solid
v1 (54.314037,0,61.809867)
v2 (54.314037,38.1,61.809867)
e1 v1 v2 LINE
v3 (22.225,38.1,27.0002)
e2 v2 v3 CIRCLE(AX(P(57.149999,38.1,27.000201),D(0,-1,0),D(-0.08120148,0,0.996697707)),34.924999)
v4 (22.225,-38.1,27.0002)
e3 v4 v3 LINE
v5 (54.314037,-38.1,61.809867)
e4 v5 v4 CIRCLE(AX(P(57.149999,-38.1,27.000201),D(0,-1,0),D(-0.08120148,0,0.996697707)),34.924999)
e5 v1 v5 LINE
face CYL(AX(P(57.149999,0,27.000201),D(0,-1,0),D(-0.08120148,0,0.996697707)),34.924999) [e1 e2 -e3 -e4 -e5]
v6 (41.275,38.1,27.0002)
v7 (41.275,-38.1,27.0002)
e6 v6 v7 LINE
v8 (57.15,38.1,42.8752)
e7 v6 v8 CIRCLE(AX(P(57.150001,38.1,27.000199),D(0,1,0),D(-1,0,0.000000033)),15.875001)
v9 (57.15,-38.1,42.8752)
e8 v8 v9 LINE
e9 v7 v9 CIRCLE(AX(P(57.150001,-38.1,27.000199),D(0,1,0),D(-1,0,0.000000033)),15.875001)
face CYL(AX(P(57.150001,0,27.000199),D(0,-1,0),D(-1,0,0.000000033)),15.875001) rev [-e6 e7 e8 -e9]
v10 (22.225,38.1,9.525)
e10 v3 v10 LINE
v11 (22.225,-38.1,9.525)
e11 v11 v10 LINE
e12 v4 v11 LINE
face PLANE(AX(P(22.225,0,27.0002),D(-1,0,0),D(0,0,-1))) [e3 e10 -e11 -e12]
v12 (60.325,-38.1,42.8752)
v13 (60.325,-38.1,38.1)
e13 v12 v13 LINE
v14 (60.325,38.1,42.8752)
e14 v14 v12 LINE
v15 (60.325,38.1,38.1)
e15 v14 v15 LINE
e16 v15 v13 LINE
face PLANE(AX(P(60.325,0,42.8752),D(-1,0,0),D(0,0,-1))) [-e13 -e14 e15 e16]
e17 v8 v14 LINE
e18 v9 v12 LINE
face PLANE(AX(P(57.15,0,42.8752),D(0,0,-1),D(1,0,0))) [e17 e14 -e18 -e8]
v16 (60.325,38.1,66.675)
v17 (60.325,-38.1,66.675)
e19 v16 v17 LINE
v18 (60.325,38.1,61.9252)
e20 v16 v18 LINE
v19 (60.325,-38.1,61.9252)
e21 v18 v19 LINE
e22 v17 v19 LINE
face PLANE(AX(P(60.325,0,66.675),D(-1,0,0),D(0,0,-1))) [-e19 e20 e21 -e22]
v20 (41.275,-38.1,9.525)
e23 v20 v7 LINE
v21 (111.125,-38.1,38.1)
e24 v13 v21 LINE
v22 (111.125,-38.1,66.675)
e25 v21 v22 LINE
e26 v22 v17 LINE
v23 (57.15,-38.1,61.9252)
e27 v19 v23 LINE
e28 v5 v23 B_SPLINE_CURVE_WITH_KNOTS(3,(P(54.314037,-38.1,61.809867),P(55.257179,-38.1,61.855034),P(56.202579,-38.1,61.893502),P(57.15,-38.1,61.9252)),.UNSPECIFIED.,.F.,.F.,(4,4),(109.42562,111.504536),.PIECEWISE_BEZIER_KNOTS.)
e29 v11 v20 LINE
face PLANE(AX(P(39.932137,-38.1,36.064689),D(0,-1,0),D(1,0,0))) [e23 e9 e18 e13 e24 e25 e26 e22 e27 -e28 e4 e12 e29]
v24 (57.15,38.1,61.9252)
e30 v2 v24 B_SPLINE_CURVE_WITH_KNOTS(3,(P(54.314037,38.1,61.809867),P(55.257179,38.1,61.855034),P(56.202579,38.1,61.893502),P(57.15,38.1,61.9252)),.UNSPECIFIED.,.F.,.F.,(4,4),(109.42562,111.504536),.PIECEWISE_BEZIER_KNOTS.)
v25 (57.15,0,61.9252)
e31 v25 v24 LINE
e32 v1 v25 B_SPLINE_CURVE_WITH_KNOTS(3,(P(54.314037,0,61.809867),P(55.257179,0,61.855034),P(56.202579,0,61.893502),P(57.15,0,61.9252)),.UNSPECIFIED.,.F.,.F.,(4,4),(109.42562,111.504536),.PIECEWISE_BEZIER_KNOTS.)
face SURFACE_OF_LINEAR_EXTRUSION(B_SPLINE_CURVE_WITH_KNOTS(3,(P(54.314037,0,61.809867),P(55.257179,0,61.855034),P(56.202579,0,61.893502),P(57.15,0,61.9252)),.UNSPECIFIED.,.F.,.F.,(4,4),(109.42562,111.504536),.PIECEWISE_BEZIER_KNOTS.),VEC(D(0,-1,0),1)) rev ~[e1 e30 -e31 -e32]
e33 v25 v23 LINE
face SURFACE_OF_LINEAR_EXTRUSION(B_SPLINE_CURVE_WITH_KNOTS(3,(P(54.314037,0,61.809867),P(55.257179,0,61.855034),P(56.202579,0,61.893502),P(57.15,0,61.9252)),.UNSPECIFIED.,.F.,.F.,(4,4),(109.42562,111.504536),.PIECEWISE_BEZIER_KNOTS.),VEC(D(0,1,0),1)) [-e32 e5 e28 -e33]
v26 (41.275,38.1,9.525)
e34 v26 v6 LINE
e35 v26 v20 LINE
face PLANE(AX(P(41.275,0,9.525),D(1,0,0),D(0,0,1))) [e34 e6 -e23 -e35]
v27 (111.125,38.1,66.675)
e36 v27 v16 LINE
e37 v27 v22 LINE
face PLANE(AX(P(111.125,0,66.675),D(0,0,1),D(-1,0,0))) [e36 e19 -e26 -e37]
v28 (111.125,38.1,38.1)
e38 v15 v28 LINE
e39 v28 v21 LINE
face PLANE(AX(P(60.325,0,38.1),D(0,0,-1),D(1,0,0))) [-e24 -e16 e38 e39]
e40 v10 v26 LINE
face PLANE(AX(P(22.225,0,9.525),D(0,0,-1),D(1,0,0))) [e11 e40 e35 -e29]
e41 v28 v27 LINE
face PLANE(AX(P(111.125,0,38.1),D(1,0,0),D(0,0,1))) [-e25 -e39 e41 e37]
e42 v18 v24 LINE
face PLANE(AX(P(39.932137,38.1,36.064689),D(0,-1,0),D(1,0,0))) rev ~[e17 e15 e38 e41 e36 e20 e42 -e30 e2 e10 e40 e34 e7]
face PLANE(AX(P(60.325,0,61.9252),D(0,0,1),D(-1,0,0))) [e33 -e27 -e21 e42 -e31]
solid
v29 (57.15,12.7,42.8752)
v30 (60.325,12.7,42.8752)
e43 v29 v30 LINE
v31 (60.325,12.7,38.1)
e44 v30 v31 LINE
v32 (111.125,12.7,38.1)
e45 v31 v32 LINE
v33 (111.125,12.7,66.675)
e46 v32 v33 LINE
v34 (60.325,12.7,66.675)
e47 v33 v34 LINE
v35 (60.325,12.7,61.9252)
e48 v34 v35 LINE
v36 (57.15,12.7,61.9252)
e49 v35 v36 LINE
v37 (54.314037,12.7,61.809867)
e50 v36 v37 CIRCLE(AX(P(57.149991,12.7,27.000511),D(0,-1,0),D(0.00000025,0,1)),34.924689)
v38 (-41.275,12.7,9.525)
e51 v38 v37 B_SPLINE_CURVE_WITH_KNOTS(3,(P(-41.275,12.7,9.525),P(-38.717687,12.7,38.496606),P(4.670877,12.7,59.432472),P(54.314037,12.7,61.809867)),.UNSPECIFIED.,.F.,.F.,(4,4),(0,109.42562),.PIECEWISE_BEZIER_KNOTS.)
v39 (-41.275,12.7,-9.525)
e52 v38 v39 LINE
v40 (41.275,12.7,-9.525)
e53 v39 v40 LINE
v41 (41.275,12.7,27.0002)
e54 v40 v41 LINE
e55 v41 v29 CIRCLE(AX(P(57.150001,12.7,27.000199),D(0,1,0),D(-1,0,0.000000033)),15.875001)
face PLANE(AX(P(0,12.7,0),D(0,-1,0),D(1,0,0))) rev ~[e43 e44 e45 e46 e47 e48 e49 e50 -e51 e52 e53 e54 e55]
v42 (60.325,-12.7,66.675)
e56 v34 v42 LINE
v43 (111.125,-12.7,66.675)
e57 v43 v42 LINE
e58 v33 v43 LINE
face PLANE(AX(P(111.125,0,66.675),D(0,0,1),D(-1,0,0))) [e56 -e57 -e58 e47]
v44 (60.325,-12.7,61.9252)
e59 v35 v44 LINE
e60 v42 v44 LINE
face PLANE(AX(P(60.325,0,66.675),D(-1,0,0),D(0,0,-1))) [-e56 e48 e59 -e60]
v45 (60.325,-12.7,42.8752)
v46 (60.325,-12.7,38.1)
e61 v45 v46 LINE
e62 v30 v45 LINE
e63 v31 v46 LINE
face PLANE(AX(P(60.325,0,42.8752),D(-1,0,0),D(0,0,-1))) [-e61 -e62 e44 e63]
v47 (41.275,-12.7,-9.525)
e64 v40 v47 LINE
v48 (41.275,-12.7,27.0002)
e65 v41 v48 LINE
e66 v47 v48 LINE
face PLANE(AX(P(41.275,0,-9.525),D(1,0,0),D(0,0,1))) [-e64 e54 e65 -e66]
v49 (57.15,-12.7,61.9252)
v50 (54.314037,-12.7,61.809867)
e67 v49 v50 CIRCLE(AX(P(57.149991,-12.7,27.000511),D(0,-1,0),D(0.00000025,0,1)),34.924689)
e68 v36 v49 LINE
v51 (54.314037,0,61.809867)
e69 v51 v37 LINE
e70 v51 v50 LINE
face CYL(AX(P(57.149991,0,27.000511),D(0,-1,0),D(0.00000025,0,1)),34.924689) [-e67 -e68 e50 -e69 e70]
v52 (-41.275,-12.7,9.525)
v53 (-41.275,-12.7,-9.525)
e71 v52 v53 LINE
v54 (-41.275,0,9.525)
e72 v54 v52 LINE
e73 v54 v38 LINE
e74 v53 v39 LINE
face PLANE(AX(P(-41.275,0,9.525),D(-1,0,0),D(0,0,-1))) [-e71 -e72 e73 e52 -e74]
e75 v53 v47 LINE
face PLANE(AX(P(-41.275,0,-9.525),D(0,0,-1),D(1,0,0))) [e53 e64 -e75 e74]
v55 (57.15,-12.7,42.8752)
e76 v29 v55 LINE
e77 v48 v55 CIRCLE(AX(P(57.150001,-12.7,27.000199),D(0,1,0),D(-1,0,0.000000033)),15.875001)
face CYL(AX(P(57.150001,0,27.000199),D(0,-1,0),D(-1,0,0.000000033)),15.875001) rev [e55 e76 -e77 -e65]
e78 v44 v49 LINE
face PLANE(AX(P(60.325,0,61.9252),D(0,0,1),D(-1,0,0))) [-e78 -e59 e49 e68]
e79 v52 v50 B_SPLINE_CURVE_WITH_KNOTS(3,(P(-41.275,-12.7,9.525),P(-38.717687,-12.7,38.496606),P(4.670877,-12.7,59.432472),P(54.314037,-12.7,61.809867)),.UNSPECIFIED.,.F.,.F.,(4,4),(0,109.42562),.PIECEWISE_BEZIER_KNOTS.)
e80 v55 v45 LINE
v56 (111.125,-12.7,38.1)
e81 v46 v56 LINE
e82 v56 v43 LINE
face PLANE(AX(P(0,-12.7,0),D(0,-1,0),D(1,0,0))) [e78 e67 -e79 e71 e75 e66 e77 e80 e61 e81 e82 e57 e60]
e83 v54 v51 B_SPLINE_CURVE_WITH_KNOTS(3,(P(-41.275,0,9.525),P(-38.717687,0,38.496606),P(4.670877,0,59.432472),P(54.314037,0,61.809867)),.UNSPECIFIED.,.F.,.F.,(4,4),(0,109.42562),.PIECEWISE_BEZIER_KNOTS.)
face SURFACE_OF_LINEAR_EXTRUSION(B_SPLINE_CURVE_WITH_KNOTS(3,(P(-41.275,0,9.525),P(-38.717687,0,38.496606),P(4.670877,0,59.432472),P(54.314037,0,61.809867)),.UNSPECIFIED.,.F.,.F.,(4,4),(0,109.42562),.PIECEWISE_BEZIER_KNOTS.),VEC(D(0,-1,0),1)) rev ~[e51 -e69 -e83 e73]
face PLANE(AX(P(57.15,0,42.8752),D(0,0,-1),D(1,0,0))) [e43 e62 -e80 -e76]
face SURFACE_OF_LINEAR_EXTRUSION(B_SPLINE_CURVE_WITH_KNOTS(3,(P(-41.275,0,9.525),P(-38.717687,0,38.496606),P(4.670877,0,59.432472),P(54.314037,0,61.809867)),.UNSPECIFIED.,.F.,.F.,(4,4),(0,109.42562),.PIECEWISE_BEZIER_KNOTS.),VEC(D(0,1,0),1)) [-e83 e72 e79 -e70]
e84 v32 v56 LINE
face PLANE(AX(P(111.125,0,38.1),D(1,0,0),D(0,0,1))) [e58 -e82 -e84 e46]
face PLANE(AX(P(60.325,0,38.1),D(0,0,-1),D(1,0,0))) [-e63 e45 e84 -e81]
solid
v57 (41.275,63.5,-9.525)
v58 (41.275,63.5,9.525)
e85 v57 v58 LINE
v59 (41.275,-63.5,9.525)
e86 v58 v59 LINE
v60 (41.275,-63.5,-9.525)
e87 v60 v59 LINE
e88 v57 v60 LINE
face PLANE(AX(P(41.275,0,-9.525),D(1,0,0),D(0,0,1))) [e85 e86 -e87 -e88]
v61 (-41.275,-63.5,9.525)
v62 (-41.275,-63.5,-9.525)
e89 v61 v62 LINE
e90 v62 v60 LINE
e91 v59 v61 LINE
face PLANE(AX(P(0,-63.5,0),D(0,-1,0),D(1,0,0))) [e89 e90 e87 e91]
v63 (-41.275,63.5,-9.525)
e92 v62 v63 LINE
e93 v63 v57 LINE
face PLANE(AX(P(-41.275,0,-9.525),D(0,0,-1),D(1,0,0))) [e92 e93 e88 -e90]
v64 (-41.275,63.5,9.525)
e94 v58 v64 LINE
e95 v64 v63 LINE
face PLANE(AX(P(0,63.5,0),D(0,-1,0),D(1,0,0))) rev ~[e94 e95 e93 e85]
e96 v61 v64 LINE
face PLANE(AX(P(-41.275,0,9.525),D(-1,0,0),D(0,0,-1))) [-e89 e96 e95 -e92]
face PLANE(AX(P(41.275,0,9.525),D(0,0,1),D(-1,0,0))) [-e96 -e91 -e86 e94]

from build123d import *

# Parameters (mm, degrees)
F1_DEPTH = 38.1
F2_DEPTH = 63.5
F3_DEPTH = 12.7


with BuildPart() as f1:
    # F0 (on Front) → F1 (new body, symmetric)
    with BuildSketch(Plane.XZ):
        with BuildLine():
            Line((22.225, 9.525), (41.275, 9.525))
            Line((41.275, 9.525), (41.275, 27.0002))
            ThreePointArc((41.275, 27.0002), (45.92468, 38.22552), (57.15, 42.8752))
            Line((57.15, 42.8752), (60.325, 42.8752))
            Line((60.325, 42.8752), (60.325, 61.9252))
            Line((60.325, 61.9252), (57.15, 61.9252))
            add(Edge.make_bspline(
                [(54.314037, 61.809867), (55.257179, 61.855034), (56.202579, 61.893502), (57.15, 61.9252)],
                knots=[109.42562, 109.42562, 109.42562, 109.42562, 111.504536, 111.504536, 111.504536, 111.504536], degree=3))
            ThreePointArc((54.314037, 61.809867), (31.471199, 50.672015), (22.225, 27.0002))
            Line((22.225, 27.0002), (22.225, 9.525))
        make_face()
        Polygon((85.535526, 66.675), (85.567021, 61.9252), (85.725, 38.1), (111.125, 38.1), (111.125, 66.675), align=None)
        Polygon((60.325, 66.675), (60.325, 61.9252), (85.567021, 61.9252), (85.535526, 66.675), align=None)
        Polygon((60.325, 61.9252), (60.325, 42.8752), (60.325, 38.1), (85.725, 38.1), (85.567021, 61.9252), align=None)
    extrude(amount=F1_DEPTH, both=True)


with BuildPart() as f2:
    # F0 (on Front) → F2 (new body, symmetric)
    with BuildSketch(Plane.XZ):
        Polygon((-41.275, -9.525), (41.275, -9.525), (41.275, 9.525), (22.225, 9.525), (-41.275, 9.525), align=None)
    extrude(amount=F2_DEPTH, both=True)


with BuildPart() as f3:
    # F0 (on Front) → F3 (new body, symmetric)
    with BuildSketch(Plane.XZ):
        Polygon((-41.275, -9.525), (41.275, -9.525), (41.275, 9.525), (22.225, 9.525), (-41.275, 9.525), align=None)
        with BuildLine():
            Line((22.225, 9.525), (41.275, 9.525))
            Line((41.275, 9.525), (41.275, 27.0002))
            ThreePointArc((41.275, 27.0002), (45.92468, 38.22552), (57.15, 42.8752))
            Line((57.15, 42.8752), (60.325, 42.8752))
            Line((60.325, 42.8752), (60.325, 61.9252))
            Line((60.325, 61.9252), (57.15, 61.9252))
            add(Edge.make_bspline(
                [(54.314037, 61.809867), (55.257179, 61.855034), (56.202579, 61.893502), (57.15, 61.9252)],
                knots=[109.42562, 109.42562, 109.42562, 109.42562, 111.504536, 111.504536, 111.504536, 111.504536], degree=3))
            ThreePointArc((54.314037, 61.809867), (31.471199, 50.672015), (22.225, 27.0002))
            Line((22.225, 27.0002), (22.225, 9.525))
        make_face()
        with BuildLine():
            add(Edge.make_bspline(
                [(-41.275, 9.525), (-38.717687, 38.496606), (4.670877, 59.432472), (54.314037, 61.809867)],
                knots=[0, 0, 0, 0, 109.42562, 109.42562, 109.42562, 109.42562], degree=3))
            Line((-41.275, 9.525), (22.225, 9.525))
            Line((22.225, 9.525), (22.225, 27.0002))
            ThreePointArc((22.225, 27.0002), (31.471199, 50.672015), (54.314037, 61.809867))
        make_face()
        with BuildLine():
            ThreePointArc((57.15, 61.9252), (55.730846, 61.896355), (54.314037, 61.809867))
            add(Edge.make_bspline(
                [(54.314037, 61.809867), (55.257179, 61.855034), (56.202579, 61.893502), (57.15, 61.9252)],
                knots=[109.42562, 109.42562, 109.42562, 109.42562, 111.504536, 111.504536, 111.504536, 111.504536], degree=3))
        make_face()
        Polygon((60.325, 61.9252), (60.325, 42.8752), (60.325, 38.1), (85.725, 38.1), (85.567021, 61.9252), align=None)
        Polygon((60.325, 66.675), (60.325, 61.9252), (85.567021, 61.9252), (85.535526, 66.675), align=None)
        Polygon((85.535526, 66.675), (85.567021, 61.9252), (85.725, 38.1), (111.125, 38.1), (111.125, 66.675), align=None)
    extrude(amount=F3_DEPTH, both=True)


solid = Compound([f1.part, f2.part, f3.part])
